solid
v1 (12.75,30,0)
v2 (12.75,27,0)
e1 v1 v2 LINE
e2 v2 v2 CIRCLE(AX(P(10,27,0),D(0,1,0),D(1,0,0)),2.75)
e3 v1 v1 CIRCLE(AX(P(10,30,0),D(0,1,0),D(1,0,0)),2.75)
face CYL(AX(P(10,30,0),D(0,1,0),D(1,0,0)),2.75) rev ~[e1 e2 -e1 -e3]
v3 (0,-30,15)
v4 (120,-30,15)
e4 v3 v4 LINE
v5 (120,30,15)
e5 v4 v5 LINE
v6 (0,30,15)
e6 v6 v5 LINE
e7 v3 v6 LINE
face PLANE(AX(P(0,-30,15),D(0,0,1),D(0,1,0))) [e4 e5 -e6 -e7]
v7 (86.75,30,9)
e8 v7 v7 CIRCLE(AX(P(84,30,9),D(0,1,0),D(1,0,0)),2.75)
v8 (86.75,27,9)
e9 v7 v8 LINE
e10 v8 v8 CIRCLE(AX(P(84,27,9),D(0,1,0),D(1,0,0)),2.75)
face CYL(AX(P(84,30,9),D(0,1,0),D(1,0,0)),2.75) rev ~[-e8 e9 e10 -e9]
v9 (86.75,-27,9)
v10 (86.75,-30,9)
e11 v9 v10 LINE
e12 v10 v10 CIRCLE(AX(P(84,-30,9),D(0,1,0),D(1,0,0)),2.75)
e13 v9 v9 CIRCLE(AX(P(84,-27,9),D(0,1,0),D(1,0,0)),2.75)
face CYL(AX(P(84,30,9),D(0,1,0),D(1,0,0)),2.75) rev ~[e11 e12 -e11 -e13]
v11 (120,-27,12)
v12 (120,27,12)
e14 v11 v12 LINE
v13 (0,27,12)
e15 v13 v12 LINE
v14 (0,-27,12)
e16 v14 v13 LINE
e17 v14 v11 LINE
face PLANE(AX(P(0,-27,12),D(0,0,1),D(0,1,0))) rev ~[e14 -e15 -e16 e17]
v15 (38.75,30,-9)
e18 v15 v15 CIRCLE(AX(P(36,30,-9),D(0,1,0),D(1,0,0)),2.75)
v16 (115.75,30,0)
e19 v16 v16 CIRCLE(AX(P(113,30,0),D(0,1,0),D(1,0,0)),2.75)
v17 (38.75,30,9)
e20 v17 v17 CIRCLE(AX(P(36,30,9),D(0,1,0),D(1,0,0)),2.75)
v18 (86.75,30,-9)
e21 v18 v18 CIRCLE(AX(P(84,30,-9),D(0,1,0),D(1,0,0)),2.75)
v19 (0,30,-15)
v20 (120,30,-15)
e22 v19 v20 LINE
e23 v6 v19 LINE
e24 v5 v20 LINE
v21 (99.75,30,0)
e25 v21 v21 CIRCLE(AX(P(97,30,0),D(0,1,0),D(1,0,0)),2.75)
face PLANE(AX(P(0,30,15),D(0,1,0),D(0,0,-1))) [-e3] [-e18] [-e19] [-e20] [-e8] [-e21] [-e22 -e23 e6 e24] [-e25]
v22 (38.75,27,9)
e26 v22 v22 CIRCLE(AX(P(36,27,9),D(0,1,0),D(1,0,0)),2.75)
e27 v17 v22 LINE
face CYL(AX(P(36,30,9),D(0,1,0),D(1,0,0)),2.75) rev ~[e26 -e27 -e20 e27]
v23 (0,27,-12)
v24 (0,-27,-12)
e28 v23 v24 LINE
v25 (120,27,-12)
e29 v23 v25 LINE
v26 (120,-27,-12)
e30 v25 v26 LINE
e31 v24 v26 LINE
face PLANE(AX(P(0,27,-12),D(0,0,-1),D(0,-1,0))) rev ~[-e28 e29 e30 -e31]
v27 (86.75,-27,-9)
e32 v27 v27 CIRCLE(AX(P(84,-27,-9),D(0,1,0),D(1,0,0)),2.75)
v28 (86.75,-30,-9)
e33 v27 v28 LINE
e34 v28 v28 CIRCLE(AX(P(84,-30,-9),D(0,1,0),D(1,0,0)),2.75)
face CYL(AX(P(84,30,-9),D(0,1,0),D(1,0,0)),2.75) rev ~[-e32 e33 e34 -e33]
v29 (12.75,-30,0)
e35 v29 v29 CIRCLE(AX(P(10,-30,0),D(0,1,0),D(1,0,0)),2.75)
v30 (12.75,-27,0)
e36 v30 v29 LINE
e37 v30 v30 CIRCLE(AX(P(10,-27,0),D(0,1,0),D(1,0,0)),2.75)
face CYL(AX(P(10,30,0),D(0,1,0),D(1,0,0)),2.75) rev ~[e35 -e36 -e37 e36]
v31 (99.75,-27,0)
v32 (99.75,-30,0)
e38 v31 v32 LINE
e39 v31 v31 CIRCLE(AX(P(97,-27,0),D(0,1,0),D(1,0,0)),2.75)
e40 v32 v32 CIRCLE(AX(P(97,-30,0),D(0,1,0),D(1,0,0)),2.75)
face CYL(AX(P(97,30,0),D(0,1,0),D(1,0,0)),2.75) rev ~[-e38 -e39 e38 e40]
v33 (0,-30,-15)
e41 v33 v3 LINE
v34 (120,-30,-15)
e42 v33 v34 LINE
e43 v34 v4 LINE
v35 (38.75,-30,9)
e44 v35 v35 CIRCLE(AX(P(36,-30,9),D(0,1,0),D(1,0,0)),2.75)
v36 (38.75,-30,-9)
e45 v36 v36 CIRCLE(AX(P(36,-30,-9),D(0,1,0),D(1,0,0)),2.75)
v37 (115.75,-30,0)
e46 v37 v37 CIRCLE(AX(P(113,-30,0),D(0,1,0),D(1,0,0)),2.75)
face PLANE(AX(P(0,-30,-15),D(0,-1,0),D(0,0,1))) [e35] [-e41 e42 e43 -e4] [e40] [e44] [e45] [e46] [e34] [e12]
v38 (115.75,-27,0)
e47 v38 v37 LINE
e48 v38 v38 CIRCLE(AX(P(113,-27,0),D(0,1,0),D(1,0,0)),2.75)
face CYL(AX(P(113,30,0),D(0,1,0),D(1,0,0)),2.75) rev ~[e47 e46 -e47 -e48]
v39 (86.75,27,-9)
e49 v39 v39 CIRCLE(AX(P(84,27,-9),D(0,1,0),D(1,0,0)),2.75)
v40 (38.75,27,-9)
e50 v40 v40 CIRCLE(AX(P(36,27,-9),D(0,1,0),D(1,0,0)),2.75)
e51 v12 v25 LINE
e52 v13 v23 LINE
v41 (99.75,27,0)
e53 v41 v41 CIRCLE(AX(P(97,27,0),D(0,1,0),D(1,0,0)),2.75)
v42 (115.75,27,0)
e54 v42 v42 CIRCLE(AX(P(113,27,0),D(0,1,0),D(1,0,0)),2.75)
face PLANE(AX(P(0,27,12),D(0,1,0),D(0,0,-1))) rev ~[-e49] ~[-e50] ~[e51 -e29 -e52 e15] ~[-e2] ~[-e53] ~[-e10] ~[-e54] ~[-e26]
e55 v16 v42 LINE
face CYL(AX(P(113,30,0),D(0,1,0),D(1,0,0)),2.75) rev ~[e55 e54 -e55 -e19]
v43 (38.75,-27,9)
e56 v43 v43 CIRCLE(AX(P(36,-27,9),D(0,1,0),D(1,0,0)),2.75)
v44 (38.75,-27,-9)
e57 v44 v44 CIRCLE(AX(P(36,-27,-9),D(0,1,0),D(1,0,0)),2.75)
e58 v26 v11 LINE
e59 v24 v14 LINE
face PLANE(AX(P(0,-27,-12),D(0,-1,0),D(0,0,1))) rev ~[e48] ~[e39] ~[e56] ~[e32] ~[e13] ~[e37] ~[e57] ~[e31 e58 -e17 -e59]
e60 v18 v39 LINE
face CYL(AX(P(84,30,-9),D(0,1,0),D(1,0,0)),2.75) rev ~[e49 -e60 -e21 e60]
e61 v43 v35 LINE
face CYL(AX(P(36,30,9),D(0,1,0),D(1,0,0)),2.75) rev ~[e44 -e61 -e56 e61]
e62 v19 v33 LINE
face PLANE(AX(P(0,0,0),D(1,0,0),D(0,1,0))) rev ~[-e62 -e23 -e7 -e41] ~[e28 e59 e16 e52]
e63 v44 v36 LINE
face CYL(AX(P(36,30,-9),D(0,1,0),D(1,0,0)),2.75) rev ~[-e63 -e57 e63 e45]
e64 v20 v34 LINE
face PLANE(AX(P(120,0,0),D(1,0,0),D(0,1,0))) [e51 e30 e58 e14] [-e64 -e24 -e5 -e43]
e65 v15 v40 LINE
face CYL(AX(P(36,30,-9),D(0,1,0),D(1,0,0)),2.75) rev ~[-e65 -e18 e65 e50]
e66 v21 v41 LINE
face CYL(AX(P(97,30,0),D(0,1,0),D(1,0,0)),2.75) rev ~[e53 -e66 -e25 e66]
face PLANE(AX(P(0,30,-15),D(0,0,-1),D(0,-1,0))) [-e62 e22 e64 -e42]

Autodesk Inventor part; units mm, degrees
ref_plane "YZ Plane" through (0, 0, 0) normal (1, 0, 0) x (0, 1, 0)
ref_plane "XZ Plane" through (0, 0, 0) normal (0, 1, 0) x (-1, 0, 0)
ref_plane "XY Plane" through (0, 0, 0) normal (0, 0, 1) x (1, 0, 0)
sketch "Sketch1" plane through (0, 0, 0) normal (1, 0, 0) x (0, 1, 0)
  line L0 (-30, 15) -> (30, 15)
  line L1 (30, 15) -> (30, -15)
  line L2 (30, -15) -> (-30, -15)
  line L3 (-30, -15) -> (-30, 15)
  line L4 (-30, 15) -> (30, -15) construction
  line L5 (30, 15) -> (-30, -15) construction
  line L6 (-27, 12) -> (27, 12)
  line L7 (27, 12) -> (27, -12)
  line L8 (27, -12) -> (-27, -12)
  line L9 (-27, -12) -> (-27, 12)
  line L10 (-27, 12) -> (27, -12) construction
  line L11 (27, 12) -> (-27, -12) construction
  point P0 (0, 0)
  dimension "d0" = 60
  dimension "d1" = 30
  dimension "d2" = 54
  dimension "d3" = 24
extrude "Extrusion1" add sketch "Sketch1" along normal blind 120
sketch "Sketch2" plane through (0, 30, 15) normal (0, 1, 0) x (1, 0, 0)
  circle A0 centre (36, 6) radius 2.75
  circle A1 centre (36, 24) radius 2.75
  circle A2 centre (84, 6) radius 2.75
  circle A3 centre (84, 24) radius 2.75
  line L0 (0, 30) -> (120, 30) projected
  line L1 (0, 0) -> (0, 30) projected
  circle A4 centre (10, 15) radius 2.75
  line L2 (0, 0) -> (120, 0) projected
  circle A5 centre (113, 15) radius 2.75
  circle A6 centre (97, 15) radius 2.75
  line L3 (120, 30) -> (120, 0) projected
  point P0 (0, 15)
  dimension "d6" = 5.5
  dimension "d7" = 5.5
  dimension "d8" = 5.5
  dimension "d9" = 5.5
  dimension "d10" = 18
  dimension "d11" = 48
  dimension "d12" = 18
  dimension "d13" = 48
  dimension "d14" = 6
  dimension "d15" = 6
  dimension "d16" = 48
  dimension "d17" = 36
  dimension "d20" = 5.5
  dimension "d21" = 10
  dimension "d22" = 15
  dimension "d23" = 5.5
  dimension "d24" = 5.5
  dimension "d25" = 16
  dimension "d26" = 15
  dimension "d27" = 15
  dimension "d28" = 7
extrude "Extrusion2" cut sketch "Sketch2" against normal up to surface (60 mm away) contours A0 | A1 | A2 | A3 | A4 | A5 | A6
properties part number "SmallSupportExtrusion" material "Aluminum 6061"
